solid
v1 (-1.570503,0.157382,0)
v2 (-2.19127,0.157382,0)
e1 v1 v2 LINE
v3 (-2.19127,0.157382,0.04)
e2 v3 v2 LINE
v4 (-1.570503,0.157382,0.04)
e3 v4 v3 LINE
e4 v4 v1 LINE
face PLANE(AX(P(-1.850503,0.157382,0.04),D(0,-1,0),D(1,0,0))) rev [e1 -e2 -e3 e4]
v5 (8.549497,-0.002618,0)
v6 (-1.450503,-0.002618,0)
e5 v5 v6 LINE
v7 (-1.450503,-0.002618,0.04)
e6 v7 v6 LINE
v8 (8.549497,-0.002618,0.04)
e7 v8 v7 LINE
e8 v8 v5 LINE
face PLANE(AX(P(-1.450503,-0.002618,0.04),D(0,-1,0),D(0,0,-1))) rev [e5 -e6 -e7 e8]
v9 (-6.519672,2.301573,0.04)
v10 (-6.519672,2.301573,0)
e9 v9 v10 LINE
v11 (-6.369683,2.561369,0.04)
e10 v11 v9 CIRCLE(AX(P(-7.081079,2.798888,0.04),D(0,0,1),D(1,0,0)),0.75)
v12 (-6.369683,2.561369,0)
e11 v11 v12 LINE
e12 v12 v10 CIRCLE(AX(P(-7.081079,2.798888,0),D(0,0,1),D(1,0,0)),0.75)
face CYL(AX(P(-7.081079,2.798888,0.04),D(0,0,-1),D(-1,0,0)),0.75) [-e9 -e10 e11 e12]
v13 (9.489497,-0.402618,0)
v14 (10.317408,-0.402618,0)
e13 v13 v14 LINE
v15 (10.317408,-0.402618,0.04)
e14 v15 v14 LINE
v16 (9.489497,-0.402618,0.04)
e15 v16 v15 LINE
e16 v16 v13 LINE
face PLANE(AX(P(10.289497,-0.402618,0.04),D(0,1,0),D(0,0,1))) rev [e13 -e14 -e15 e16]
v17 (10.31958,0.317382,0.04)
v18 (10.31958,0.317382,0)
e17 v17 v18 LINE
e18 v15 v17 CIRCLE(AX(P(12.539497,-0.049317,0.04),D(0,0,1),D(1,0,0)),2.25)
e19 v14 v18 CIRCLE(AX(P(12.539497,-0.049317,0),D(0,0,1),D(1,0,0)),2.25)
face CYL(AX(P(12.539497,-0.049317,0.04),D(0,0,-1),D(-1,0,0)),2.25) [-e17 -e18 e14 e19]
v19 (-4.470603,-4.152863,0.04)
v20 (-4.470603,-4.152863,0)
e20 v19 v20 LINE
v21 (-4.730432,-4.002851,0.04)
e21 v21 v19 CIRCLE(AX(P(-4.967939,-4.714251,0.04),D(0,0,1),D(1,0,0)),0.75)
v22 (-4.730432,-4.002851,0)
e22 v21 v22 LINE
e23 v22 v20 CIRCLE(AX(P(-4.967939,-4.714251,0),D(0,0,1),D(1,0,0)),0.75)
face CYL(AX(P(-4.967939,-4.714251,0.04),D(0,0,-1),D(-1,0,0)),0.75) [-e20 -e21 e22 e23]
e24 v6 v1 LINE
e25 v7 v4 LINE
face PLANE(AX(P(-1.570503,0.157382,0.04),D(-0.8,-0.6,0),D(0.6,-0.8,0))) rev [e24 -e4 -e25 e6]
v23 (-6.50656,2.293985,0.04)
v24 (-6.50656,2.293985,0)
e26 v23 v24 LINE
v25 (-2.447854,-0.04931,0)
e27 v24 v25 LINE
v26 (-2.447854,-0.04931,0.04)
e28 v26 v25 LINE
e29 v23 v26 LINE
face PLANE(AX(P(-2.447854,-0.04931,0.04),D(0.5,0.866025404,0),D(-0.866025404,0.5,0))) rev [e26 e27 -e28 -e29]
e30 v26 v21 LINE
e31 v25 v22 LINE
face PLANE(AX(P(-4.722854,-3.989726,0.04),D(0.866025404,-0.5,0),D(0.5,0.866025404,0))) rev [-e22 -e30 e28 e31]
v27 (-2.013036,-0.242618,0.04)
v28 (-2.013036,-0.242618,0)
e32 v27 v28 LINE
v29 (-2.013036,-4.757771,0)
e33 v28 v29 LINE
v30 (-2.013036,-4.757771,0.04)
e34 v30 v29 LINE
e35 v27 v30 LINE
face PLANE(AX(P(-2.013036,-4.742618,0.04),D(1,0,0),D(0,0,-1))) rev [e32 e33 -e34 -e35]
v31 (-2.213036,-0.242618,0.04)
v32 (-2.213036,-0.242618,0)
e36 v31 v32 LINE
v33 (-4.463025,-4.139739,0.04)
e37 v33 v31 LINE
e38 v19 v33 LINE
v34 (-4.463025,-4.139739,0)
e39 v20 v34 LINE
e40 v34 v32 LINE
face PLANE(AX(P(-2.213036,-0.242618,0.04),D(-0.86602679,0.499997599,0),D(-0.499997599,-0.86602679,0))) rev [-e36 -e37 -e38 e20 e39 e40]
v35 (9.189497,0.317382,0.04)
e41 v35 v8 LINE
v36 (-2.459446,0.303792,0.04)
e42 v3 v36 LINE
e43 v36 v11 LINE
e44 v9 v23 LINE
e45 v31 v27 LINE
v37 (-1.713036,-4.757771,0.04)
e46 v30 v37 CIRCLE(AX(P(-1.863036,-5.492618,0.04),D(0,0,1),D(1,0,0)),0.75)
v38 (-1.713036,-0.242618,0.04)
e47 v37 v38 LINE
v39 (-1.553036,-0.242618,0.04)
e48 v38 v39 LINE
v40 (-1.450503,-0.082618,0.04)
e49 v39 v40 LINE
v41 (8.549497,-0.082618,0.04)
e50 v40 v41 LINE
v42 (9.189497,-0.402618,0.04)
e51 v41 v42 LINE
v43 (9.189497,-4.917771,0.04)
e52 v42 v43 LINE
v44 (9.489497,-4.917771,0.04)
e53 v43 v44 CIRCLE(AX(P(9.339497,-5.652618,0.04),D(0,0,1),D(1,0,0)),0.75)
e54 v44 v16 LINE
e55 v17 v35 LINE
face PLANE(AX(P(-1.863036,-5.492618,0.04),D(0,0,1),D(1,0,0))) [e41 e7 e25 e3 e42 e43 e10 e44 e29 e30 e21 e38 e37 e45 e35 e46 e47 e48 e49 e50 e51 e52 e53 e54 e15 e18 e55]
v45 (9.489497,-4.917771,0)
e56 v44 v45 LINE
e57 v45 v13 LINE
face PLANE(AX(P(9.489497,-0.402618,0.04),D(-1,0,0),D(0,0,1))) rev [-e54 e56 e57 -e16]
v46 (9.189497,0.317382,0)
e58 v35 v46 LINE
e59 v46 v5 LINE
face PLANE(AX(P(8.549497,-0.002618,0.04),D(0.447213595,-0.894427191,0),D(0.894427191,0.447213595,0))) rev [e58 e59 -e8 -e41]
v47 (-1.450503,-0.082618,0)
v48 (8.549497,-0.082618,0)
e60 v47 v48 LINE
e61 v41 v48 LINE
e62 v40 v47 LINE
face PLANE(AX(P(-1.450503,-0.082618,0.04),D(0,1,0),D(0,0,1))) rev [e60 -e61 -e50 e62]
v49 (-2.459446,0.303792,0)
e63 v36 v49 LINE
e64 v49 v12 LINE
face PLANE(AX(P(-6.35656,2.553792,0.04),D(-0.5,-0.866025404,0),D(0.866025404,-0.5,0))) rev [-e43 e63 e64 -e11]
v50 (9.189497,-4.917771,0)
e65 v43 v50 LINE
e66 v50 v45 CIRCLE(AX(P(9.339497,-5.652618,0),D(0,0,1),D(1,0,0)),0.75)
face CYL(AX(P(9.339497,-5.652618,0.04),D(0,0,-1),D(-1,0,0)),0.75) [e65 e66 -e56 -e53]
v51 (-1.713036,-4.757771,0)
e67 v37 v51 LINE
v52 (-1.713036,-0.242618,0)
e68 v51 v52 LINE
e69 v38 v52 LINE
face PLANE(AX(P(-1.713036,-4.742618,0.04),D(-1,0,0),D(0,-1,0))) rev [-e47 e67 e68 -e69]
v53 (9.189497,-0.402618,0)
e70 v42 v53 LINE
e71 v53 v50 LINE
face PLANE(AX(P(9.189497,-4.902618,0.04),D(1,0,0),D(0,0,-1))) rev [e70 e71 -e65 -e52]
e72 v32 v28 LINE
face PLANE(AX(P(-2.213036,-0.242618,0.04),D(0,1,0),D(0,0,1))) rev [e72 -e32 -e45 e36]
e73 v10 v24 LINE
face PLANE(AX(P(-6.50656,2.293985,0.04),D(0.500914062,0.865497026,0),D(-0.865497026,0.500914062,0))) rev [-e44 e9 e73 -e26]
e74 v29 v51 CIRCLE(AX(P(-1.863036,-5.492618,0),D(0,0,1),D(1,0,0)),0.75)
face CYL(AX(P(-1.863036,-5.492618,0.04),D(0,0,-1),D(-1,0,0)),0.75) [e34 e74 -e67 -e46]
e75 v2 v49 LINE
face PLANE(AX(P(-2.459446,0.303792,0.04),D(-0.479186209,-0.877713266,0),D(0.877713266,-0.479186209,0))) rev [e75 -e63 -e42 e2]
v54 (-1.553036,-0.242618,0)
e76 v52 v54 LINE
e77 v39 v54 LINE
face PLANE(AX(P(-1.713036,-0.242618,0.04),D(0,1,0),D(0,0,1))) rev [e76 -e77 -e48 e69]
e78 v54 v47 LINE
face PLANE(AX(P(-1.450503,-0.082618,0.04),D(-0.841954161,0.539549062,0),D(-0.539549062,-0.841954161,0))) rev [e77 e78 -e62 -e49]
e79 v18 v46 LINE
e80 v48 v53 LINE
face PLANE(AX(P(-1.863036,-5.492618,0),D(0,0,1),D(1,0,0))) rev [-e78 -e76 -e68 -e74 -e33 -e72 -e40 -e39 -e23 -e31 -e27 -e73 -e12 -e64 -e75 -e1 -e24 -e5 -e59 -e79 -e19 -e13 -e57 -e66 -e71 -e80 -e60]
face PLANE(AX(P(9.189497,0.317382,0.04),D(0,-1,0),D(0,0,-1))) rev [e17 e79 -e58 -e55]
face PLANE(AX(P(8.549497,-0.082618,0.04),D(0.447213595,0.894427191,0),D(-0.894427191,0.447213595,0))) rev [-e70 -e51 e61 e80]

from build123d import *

# Parameters (mm, degrees)
BOSS_EXTRUDE1_DEPTH = 0.04


with BuildPart() as part:
    # Sketch1 → Boss-Extrude1 (new body)
    with BuildSketch(Plane.XY):
        with BuildLine():
            Line((-1.570502823, 0.15738204), (-1.450502823, -0.00261796))
            Line((-1.450502823, -0.00261796), (8.549497177, -0.00261796))
            Line((8.549497177, -0.00261796), (9.189497177, 0.31738204))
            Line((9.189497177, 0.31738204), (10.289497177, 0.31738204))
            Line((10.289497177, 0.31738204), (10.319580052, 0.31738204))
            ThreePointArc((10.319580052, 0.31738204), (14.789486943, -0.056102846), (10.317408472, -0.40261796))
            Line((10.317408472, -0.40261796), (10.289497177, -0.40261796))
            Line((10.289497177, -0.40261796), (9.489497177, -0.40261796))
            Line((9.489497177, -0.40261796), (9.489497177, -4.90261796))
            Line((9.489497177, -4.90261796), (9.489497177, -4.917771037))
            ThreePointArc((9.489497177, -4.917771037), (9.339497177, -6.40261796), (9.189497177, -4.917771037))
            Line((9.189497177, -4.917771037), (9.189497177, -4.90261796))
            Line((9.189497177, -4.90261796), (9.189497177, -0.40261796))
            Line((9.189497177, -0.40261796), (8.549497177, -0.08261796))
            Line((8.549497177, -0.08261796), (-1.450502823, -0.08261796))
            Line((-1.450502823, -0.08261796), (-1.553035543, -0.24261796))
            Line((-1.553035543, -0.24261796), (-1.713035543, -0.24261796))
            Line((-1.713035543, -0.24261796), (-1.713035543, -4.74261796))
            Line((-1.713035543, -4.74261796), (-1.713035543, -4.757771037))
            ThreePointArc((-1.713035543, -4.757771037), (-1.863035543, -6.24261796), (-2.013035543, -4.757771037))
            Line((-2.013035543, -4.757771037), (-2.013035543, -4.74261796))
            Line((-2.013035543, -4.74261796), (-2.013035543, -0.24261796))
            Line((-2.013035543, -0.24261796), (-2.213035543, -0.24261796))
            Line((-2.213035543, -0.24261796), (-4.46302474, -4.139738514))
            Line((-4.46302474, -4.139738514), (-4.470603357, -4.152862955))
            ThreePointArc((-4.470603357, -4.152862955), (-5.342938887, -5.363770652), (-4.730431778, -4.002851195))
            Line((-4.730431778, -4.002851195), (-4.722853967, -3.98972604))
            Line((-4.722853967, -3.98972604), (-2.447853967, -0.049310453))
            Line((-2.447853967, -0.049310453), (-6.506560021, 2.29398458))
            Line((-6.506560021, 2.29398458), (-6.519672146, 2.301573339))
            ThreePointArc((-6.519672146, 2.301573339), (-7.730602208, 3.173881322), (-6.369682971, 2.56136874))
            Line((-6.369682971, 2.56136874), (-6.356560021, 2.553792202))
            Line((-6.356560021, 2.553792202), (-2.459445704, 0.303792202))
            Line((-2.459445704, 0.303792202), (-2.191269912, 0.15738204))
            Line((-2.191269912, 0.15738204), (-1.850502745, 0.15738204))
            Line((-1.850502745, 0.15738204), (-1.570502823, 0.15738204))
        make_face()
    extrude(amount=BOSS_EXTRUDE1_DEPTH)


solid = part.part
